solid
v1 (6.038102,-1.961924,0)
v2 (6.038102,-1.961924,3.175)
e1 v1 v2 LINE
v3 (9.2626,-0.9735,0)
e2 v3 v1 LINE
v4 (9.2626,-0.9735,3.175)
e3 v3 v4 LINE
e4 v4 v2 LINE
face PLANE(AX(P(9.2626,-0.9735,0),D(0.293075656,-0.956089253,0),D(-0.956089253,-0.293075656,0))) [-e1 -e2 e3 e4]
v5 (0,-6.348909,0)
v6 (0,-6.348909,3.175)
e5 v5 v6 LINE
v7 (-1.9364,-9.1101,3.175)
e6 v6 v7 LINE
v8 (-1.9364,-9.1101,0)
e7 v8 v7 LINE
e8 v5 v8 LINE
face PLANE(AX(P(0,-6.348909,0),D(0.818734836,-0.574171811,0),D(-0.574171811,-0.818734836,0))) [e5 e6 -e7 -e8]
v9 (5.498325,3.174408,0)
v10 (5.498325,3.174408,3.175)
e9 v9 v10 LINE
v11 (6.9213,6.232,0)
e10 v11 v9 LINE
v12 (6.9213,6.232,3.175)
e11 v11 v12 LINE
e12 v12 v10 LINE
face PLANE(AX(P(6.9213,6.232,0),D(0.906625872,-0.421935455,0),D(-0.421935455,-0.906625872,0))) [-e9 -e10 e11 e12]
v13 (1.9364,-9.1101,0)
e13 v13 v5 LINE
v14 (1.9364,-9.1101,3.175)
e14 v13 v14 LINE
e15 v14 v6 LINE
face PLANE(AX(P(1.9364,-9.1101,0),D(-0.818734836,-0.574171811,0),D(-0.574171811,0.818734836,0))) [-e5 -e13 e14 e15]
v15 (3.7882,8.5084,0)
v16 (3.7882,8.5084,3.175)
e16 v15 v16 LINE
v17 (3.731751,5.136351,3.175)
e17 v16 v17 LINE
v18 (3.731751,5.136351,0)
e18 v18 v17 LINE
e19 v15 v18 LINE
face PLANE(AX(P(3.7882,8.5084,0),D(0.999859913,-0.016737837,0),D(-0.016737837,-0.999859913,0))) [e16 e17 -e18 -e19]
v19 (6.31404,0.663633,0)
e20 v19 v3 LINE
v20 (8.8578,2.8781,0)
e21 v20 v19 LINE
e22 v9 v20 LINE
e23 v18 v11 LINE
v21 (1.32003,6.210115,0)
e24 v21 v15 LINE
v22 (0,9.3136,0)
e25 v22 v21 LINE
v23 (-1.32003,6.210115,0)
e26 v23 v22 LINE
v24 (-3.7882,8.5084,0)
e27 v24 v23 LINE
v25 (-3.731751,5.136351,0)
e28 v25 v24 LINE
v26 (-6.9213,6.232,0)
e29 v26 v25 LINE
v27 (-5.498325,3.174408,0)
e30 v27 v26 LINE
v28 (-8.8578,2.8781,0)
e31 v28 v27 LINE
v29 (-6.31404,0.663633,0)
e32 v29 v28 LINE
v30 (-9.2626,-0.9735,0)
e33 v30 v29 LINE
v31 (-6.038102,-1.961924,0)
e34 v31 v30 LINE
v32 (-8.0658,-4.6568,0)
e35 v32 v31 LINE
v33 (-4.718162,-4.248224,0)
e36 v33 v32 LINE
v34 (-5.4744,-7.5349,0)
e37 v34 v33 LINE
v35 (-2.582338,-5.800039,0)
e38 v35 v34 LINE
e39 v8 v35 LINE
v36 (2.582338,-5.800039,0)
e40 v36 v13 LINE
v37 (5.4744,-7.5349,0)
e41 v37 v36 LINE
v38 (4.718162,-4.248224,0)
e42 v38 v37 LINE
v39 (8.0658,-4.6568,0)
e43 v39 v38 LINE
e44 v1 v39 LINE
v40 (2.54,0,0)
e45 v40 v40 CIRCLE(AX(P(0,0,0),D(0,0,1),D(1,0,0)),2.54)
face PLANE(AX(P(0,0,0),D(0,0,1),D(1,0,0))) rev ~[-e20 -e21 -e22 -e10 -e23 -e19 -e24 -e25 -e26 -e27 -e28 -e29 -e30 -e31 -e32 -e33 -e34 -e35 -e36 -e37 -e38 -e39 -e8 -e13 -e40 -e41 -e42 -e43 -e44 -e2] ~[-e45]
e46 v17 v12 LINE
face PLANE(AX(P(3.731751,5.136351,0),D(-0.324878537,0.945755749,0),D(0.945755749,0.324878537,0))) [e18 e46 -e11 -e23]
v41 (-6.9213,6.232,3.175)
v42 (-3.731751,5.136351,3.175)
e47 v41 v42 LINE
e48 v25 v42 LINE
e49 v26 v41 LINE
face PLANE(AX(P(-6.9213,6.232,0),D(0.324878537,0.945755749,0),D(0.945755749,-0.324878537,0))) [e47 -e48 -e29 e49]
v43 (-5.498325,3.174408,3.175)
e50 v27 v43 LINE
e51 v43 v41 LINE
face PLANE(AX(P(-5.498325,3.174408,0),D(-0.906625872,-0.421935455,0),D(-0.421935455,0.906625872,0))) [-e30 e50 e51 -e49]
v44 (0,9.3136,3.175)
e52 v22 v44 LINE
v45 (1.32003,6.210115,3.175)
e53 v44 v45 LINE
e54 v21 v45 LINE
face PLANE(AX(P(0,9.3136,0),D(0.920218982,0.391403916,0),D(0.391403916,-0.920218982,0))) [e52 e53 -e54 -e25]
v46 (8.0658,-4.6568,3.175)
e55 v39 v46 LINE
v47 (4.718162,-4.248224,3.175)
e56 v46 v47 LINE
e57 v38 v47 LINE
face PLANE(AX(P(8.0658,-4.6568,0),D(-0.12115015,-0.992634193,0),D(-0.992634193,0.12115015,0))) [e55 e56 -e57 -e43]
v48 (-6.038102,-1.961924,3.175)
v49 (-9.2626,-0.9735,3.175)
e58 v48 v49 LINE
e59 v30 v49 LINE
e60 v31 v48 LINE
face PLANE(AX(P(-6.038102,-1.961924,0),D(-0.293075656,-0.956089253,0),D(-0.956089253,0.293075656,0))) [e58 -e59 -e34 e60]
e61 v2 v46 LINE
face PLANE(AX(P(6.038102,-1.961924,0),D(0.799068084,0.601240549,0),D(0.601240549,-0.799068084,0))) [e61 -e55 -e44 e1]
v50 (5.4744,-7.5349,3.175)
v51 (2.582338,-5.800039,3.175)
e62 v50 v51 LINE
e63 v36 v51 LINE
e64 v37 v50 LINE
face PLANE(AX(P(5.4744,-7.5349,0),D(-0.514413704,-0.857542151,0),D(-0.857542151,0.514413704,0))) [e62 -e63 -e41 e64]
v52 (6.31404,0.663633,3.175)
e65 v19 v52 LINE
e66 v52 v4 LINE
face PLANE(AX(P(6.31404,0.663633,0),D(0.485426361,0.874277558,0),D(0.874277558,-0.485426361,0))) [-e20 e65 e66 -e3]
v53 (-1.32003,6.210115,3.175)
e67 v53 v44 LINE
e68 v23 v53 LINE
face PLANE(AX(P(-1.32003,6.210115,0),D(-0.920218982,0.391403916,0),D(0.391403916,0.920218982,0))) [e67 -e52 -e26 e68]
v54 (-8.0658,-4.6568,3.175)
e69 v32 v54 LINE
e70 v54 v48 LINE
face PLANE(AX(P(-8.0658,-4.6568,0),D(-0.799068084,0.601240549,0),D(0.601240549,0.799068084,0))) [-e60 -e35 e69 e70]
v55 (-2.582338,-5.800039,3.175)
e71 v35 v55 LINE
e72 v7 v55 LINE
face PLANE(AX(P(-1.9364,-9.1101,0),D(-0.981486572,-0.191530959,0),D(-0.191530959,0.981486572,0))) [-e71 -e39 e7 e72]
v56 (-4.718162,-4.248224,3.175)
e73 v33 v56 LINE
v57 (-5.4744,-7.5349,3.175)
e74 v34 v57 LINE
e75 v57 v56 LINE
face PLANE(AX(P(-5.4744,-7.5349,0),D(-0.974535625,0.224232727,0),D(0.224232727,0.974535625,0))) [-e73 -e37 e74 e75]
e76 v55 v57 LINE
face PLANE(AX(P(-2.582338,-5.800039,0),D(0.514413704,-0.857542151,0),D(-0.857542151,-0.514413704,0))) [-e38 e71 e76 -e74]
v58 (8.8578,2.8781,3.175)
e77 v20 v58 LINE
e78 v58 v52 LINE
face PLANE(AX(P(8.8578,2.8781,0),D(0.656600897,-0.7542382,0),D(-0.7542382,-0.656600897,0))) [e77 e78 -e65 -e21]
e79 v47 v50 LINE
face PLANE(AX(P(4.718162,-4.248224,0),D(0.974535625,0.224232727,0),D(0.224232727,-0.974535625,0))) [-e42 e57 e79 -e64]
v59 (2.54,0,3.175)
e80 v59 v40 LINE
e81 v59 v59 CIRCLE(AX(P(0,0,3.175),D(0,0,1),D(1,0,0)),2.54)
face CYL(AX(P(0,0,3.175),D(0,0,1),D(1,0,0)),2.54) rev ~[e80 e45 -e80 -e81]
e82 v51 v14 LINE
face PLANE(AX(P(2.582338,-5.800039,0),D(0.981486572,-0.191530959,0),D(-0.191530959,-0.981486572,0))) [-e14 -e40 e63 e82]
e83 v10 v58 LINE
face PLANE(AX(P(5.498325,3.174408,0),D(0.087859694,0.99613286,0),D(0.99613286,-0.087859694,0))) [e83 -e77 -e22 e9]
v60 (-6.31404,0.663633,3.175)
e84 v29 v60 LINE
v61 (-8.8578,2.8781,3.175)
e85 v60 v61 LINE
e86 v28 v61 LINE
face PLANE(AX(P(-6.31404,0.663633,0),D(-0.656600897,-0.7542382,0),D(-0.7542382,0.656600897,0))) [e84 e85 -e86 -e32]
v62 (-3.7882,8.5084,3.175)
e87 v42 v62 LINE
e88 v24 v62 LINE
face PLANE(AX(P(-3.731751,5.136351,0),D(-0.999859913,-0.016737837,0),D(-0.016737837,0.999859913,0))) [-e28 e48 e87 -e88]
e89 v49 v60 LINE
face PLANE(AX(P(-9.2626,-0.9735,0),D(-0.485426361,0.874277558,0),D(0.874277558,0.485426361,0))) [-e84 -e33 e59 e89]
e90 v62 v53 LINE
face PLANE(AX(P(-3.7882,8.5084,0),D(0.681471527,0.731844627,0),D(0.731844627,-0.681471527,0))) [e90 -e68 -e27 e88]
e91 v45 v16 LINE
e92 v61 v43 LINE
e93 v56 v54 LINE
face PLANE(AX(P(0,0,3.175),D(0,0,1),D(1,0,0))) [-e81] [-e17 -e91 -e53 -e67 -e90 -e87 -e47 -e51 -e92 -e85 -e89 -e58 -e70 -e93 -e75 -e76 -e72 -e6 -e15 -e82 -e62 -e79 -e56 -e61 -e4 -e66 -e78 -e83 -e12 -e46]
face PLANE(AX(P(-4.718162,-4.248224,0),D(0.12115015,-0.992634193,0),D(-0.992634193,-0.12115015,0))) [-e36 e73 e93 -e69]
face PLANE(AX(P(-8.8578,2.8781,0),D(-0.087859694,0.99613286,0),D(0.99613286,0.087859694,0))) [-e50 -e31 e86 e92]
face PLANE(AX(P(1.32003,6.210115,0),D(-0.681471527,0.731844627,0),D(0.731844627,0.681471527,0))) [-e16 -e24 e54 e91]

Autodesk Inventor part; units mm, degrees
ref_plane "YZ Plane" through (0, 0, 0) normal (1, 0, 0) x (0, 1, 0)
ref_plane "XZ Plane" through (0, 0, 0) normal (0, 1, 0) x (-1, 0, 0)
ref_plane "XY Plane" through (0, 0, 0) normal (0, 0, 1) x (1, 0, 0)
sketch "Sketch1" plane through (0, 0, 0) normal (0, 0, 1) x (1, 0, 0)
  line L0 (0, 5.85) -> (1.4732, 5.85)
  line L1 (1.4732, 5.85) -> (-1.4732, 5.85)
  line L2 (-1.4732, 5.85) -> (0, 9.3136)
  line L3 (0, 9.3136) -> (1.4732, 5.85)
  line L4 (-3.7252, 4.745) -> (-3.7882, 8.5084)
  line L5 (-3.7882, 8.5084) -> (-1.0336, 5.9434)
  line L6 (-1.0336, 5.9434) -> (-3.7252, 4.745)
  line L7 (-5.3332, 2.8196) -> (-6.9213, 6.232)
  line L8 (-6.9213, 6.232) -> (-3.3616, 5.0092)
  line L9 (-3.3616, 5.0092) -> (-5.3332, 2.8196)
  line L10 (-6.0189, 0.4067) -> (-8.8578, 2.8781)
  line L11 (-8.8578, 2.8781) -> (-5.1084, 3.2088)
  line L12 (-5.1084, 3.2088) -> (-6.0189, 0.4067)
  line L13 (-5.664, -2.0766) -> (-9.2626, -0.9735)
  line L14 (-9.2626, -0.9735) -> (-5.9719, 0.8536)
  line L15 (-5.9719, 0.8536) -> (-5.664, -2.0766)
  line L16 (-4.3296, -4.2008) -> (-8.0658, -4.6568)
  line L17 (-8.0658, -4.6568) -> (-5.8028, -1.6492)
  line L18 (-5.8028, -1.6492) -> (-4.3296, -4.2008)
  line L19 (-2.2467, -5.5987) -> (-5.4744, -7.5349)
  line L20 (-5.4744, -7.5349) -> (-4.6304, -3.8668)
  line L21 (-4.6304, -3.8668) -> (-2.2467, -5.5987)
  line L22 (0.2247, -6.0285) -> (-1.9364, -9.1101)
  line L23 (-1.9364, -9.1101) -> (-2.6573, -5.4159)
  line L24 (-2.6573, -5.4159) -> (0.2247, -6.0285)
  line L25 (2.6573, -5.4159) -> (1.9364, -9.1101)
  line L26 (1.9364, -9.1101) -> (-0.2247, -6.0285)
  line L27 (-0.2247, -6.0285) -> (2.6573, -5.4159)
  line L28 (4.6304, -3.8668) -> (5.4744, -7.5349)
  line L29 (5.4744, -7.5349) -> (2.2467, -5.5987)
  line L30 (2.2467, -5.5987) -> (4.6304, -3.8668)
  line L31 (5.8028, -1.6492) -> (8.0658, -4.6568)
  line L32 (8.0658, -4.6568) -> (4.3296, -4.2008)
  line L33 (4.3296, -4.2008) -> (5.8028, -1.6492)
  line L34 (5.9719, 0.8536) -> (9.2626, -0.9735)
  line L35 (9.2626, -0.9735) -> (5.664, -2.0766)
  line L36 (5.664, -2.0766) -> (5.9719, 0.8536)
  line L37 (5.1084, 3.2088) -> (8.8578, 2.8781)
  line L38 (8.8578, 2.8781) -> (6.0189, 0.4067)
  line L39 (6.0189, 0.4067) -> (5.1084, 3.2088)
  line L40 (3.3616, 5.0092) -> (6.9213, 6.232)
  line L41 (6.9213, 6.232) -> (5.3332, 2.8196)
  line L42 (5.3332, 2.8196) -> (3.3616, 5.0092)
  line L43 (1.0336, 5.9434) -> (3.7882, 8.5084)
  line L44 (3.7882, 8.5084) -> (3.7252, 4.745)
  line L45 (3.7252, 4.745) -> (1.0336, 5.9434)
  circle A0 centre (0, 0) radius 6.0326
  dimension "d6" = 1.4732
  dimension "d7" = 2.9464
  dimension "d10" = 360
extrude "Extrusion1" add sketch "Sketch1" along normal blind 3.175
sketch "Sketch2" plane through (0, 0, 3.175) normal (0, 0, 1) x (1, 0, 0)
  circle A0 centre (0, 0) radius 2.54
  dimension "d14" = 5.08
extrude "Extrusion2" cut sketch "Sketch2" against normal blind 3.175
properties part number "Backdrop Gear 2"
